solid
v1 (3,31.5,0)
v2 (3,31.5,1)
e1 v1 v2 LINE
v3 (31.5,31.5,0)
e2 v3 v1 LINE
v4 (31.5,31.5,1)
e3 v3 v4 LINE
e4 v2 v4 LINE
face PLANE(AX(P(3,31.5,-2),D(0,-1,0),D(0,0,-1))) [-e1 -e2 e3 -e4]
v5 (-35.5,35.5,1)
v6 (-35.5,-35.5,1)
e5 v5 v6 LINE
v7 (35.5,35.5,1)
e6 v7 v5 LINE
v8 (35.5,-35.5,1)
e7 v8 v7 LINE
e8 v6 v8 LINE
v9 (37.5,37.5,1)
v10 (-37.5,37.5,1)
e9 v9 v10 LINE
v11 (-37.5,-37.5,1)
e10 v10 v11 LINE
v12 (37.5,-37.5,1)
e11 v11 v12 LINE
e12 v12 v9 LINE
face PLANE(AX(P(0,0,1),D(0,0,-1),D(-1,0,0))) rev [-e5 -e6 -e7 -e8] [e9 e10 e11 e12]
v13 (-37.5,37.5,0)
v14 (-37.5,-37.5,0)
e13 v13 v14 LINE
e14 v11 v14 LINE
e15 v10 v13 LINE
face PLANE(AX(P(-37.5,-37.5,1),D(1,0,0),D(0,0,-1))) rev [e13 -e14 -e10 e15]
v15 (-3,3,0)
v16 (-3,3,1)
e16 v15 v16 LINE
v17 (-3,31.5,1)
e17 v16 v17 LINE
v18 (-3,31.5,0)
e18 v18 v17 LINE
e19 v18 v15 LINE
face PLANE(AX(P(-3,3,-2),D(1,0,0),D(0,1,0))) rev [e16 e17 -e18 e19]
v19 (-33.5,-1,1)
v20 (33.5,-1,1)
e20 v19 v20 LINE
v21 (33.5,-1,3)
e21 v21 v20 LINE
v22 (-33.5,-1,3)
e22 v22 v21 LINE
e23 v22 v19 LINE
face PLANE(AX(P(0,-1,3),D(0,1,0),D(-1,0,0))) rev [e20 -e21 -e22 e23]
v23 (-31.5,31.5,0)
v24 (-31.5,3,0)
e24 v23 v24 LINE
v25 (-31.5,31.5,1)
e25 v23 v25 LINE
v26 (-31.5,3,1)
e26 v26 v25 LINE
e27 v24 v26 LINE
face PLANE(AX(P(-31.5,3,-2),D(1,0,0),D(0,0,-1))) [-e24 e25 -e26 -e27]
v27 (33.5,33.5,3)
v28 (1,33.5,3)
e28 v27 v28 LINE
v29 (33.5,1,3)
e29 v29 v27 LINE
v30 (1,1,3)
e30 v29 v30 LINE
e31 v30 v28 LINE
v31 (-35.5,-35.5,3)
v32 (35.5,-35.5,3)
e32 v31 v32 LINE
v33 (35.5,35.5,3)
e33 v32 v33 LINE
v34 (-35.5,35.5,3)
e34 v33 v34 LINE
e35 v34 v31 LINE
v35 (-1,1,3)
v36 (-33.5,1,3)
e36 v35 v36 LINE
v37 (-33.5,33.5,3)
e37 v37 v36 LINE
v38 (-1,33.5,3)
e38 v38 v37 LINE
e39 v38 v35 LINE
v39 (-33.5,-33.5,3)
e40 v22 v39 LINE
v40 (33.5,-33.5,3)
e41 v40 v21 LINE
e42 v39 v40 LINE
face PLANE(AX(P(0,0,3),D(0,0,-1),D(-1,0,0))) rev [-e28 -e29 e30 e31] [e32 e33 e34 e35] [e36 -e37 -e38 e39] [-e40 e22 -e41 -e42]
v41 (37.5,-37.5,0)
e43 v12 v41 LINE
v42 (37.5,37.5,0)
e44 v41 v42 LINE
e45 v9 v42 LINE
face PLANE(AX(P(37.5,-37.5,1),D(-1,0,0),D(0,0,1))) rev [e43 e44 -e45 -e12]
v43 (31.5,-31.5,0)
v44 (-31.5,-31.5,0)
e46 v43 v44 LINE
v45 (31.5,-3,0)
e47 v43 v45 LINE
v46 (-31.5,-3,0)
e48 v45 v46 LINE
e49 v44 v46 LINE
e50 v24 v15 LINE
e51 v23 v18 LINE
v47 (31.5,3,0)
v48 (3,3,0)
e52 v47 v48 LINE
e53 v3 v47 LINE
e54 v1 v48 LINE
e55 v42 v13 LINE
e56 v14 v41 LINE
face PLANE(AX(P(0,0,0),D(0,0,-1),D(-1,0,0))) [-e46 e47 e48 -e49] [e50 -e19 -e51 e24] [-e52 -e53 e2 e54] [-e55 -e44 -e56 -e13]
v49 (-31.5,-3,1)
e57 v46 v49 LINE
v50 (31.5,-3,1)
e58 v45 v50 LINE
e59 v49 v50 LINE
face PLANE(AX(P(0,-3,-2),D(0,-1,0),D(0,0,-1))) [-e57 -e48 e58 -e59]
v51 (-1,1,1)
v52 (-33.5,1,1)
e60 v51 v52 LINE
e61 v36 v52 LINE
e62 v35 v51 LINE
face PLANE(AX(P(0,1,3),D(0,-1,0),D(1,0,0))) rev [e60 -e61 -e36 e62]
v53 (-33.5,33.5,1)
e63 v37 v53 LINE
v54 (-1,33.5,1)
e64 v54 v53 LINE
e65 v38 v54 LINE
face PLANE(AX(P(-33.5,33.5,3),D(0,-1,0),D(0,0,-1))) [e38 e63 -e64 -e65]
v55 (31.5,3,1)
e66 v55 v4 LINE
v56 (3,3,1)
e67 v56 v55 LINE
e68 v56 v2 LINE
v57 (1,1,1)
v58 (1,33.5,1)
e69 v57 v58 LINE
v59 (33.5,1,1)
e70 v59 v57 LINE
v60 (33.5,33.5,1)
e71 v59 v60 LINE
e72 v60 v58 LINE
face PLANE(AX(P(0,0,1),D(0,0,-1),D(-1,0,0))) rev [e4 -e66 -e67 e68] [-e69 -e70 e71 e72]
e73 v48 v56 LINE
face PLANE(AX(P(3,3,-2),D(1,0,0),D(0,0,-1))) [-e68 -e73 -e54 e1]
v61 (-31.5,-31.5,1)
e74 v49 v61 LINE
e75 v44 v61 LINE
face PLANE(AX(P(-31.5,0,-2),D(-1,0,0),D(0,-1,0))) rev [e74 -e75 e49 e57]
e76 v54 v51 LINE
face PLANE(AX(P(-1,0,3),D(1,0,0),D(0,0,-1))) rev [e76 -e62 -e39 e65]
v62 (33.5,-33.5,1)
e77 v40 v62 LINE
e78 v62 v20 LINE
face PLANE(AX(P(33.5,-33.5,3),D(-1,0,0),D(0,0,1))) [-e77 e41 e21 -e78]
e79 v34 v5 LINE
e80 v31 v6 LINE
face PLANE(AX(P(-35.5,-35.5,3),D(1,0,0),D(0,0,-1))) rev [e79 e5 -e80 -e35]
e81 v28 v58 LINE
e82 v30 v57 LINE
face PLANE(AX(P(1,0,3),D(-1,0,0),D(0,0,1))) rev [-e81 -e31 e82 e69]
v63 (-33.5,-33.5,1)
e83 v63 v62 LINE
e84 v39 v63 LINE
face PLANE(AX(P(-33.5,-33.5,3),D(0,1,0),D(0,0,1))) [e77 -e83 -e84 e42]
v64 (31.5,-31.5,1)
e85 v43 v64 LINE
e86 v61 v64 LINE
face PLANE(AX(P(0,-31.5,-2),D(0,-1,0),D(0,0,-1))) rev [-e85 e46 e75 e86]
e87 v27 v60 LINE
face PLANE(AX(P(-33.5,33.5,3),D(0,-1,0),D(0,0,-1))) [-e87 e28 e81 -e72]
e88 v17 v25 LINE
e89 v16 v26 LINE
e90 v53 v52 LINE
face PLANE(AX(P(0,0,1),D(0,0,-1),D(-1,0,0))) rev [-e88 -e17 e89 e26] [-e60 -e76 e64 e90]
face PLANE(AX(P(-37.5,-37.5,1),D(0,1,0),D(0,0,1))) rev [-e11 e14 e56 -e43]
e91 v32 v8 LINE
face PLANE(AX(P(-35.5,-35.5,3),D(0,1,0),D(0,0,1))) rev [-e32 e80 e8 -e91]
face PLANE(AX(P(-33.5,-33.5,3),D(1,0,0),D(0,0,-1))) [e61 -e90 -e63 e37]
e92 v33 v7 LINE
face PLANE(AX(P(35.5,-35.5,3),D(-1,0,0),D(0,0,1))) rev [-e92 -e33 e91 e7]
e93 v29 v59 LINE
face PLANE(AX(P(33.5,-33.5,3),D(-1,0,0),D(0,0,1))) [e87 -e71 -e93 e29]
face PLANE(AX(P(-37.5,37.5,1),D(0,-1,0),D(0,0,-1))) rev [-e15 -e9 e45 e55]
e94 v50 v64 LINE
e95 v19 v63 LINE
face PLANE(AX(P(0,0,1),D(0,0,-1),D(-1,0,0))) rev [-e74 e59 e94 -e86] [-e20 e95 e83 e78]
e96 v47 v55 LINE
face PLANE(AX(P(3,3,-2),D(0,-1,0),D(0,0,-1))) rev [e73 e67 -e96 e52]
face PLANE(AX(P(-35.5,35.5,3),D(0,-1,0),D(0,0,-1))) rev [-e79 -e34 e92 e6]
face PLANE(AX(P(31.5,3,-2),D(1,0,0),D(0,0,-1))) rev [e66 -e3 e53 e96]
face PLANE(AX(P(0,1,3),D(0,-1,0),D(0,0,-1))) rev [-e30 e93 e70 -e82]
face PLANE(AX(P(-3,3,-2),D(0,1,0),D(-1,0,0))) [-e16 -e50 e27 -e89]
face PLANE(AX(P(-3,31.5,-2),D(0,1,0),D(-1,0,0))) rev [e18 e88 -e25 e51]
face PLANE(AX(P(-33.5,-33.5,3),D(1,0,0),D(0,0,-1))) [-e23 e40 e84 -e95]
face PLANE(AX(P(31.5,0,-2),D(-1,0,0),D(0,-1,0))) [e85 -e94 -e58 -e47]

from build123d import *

# Parameters (mm, degrees)
ESBO_O1_W                = 75
ESBO_O1_H                = 75
RESSALTO_EXTRUS_O1_DEPTH = 1
ESBO_O2_W                = 71
ESBO_O2_H                = 71
ESBO_O2_W_2              = 67
ESBO_O2_H_2              = 67
RESSALTO_EXTRUS_O2_DEPTH = 2
ESBO_O3_W                = 28.5
ESBO_O3_H                = 28.5
ESBO_O3_W_2              = 63
CORTE_EXTRUS_O2_DEPTH    = 3
RESSALTO_EXTRUS_O3_DEPTH = 2


with BuildPart() as part:
    # Esboço1 → Ressalto-extrusão1 (new body)
    with BuildSketch(Plane.XY):
        Rectangle(ESBO_O1_W, ESBO_O1_H)
    extrude(amount=RESSALTO_EXTRUS_O1_DEPTH)

    # Esboço2 → Ressalto-extrusão2 (add)
    with BuildSketch(Plane.XY.offset(1)):
        Rectangle(ESBO_O2_W, ESBO_O2_H)
        Rectangle(ESBO_O2_W_2, ESBO_O2_H_2, mode=Mode.SUBTRACT)
    extrude(amount=RESSALTO_EXTRUS_O2_DEPTH)

    # Esboço3 → Corte-extrusão2 (cut)
    with BuildSketch(Plane.XY.offset(1)):
        with Locations((17.25, 17.25)):
            Rectangle(ESBO_O3_W, ESBO_O3_H)
        with Locations((0, -17.25)):
            Rectangle(ESBO_O3_W_2, ESBO_O3_H)
        with Locations((-17.25, 17.25)):
            Rectangle(ESBO_O3_W, ESBO_O3_H)
    extrude(amount=-CORTE_EXTRUS_O2_DEPTH, mode=Mode.SUBTRACT)

    # Esboço4 → Ressalto-extrusão3 (add)
    with BuildSketch(Plane.XY.offset(1)):
        Polygon((0, 33.5), (-1, 33.5), (-1, 1), (-33.5, 1), (-33.5, 0), (-33.5, -1), (33.5, -1), (33.5, 0), (33.5, 1), (1, 1), (1, 33.5), align=None)
    extrude(amount=RESSALTO_EXTRUS_O3_DEPTH)


solid = part.part
